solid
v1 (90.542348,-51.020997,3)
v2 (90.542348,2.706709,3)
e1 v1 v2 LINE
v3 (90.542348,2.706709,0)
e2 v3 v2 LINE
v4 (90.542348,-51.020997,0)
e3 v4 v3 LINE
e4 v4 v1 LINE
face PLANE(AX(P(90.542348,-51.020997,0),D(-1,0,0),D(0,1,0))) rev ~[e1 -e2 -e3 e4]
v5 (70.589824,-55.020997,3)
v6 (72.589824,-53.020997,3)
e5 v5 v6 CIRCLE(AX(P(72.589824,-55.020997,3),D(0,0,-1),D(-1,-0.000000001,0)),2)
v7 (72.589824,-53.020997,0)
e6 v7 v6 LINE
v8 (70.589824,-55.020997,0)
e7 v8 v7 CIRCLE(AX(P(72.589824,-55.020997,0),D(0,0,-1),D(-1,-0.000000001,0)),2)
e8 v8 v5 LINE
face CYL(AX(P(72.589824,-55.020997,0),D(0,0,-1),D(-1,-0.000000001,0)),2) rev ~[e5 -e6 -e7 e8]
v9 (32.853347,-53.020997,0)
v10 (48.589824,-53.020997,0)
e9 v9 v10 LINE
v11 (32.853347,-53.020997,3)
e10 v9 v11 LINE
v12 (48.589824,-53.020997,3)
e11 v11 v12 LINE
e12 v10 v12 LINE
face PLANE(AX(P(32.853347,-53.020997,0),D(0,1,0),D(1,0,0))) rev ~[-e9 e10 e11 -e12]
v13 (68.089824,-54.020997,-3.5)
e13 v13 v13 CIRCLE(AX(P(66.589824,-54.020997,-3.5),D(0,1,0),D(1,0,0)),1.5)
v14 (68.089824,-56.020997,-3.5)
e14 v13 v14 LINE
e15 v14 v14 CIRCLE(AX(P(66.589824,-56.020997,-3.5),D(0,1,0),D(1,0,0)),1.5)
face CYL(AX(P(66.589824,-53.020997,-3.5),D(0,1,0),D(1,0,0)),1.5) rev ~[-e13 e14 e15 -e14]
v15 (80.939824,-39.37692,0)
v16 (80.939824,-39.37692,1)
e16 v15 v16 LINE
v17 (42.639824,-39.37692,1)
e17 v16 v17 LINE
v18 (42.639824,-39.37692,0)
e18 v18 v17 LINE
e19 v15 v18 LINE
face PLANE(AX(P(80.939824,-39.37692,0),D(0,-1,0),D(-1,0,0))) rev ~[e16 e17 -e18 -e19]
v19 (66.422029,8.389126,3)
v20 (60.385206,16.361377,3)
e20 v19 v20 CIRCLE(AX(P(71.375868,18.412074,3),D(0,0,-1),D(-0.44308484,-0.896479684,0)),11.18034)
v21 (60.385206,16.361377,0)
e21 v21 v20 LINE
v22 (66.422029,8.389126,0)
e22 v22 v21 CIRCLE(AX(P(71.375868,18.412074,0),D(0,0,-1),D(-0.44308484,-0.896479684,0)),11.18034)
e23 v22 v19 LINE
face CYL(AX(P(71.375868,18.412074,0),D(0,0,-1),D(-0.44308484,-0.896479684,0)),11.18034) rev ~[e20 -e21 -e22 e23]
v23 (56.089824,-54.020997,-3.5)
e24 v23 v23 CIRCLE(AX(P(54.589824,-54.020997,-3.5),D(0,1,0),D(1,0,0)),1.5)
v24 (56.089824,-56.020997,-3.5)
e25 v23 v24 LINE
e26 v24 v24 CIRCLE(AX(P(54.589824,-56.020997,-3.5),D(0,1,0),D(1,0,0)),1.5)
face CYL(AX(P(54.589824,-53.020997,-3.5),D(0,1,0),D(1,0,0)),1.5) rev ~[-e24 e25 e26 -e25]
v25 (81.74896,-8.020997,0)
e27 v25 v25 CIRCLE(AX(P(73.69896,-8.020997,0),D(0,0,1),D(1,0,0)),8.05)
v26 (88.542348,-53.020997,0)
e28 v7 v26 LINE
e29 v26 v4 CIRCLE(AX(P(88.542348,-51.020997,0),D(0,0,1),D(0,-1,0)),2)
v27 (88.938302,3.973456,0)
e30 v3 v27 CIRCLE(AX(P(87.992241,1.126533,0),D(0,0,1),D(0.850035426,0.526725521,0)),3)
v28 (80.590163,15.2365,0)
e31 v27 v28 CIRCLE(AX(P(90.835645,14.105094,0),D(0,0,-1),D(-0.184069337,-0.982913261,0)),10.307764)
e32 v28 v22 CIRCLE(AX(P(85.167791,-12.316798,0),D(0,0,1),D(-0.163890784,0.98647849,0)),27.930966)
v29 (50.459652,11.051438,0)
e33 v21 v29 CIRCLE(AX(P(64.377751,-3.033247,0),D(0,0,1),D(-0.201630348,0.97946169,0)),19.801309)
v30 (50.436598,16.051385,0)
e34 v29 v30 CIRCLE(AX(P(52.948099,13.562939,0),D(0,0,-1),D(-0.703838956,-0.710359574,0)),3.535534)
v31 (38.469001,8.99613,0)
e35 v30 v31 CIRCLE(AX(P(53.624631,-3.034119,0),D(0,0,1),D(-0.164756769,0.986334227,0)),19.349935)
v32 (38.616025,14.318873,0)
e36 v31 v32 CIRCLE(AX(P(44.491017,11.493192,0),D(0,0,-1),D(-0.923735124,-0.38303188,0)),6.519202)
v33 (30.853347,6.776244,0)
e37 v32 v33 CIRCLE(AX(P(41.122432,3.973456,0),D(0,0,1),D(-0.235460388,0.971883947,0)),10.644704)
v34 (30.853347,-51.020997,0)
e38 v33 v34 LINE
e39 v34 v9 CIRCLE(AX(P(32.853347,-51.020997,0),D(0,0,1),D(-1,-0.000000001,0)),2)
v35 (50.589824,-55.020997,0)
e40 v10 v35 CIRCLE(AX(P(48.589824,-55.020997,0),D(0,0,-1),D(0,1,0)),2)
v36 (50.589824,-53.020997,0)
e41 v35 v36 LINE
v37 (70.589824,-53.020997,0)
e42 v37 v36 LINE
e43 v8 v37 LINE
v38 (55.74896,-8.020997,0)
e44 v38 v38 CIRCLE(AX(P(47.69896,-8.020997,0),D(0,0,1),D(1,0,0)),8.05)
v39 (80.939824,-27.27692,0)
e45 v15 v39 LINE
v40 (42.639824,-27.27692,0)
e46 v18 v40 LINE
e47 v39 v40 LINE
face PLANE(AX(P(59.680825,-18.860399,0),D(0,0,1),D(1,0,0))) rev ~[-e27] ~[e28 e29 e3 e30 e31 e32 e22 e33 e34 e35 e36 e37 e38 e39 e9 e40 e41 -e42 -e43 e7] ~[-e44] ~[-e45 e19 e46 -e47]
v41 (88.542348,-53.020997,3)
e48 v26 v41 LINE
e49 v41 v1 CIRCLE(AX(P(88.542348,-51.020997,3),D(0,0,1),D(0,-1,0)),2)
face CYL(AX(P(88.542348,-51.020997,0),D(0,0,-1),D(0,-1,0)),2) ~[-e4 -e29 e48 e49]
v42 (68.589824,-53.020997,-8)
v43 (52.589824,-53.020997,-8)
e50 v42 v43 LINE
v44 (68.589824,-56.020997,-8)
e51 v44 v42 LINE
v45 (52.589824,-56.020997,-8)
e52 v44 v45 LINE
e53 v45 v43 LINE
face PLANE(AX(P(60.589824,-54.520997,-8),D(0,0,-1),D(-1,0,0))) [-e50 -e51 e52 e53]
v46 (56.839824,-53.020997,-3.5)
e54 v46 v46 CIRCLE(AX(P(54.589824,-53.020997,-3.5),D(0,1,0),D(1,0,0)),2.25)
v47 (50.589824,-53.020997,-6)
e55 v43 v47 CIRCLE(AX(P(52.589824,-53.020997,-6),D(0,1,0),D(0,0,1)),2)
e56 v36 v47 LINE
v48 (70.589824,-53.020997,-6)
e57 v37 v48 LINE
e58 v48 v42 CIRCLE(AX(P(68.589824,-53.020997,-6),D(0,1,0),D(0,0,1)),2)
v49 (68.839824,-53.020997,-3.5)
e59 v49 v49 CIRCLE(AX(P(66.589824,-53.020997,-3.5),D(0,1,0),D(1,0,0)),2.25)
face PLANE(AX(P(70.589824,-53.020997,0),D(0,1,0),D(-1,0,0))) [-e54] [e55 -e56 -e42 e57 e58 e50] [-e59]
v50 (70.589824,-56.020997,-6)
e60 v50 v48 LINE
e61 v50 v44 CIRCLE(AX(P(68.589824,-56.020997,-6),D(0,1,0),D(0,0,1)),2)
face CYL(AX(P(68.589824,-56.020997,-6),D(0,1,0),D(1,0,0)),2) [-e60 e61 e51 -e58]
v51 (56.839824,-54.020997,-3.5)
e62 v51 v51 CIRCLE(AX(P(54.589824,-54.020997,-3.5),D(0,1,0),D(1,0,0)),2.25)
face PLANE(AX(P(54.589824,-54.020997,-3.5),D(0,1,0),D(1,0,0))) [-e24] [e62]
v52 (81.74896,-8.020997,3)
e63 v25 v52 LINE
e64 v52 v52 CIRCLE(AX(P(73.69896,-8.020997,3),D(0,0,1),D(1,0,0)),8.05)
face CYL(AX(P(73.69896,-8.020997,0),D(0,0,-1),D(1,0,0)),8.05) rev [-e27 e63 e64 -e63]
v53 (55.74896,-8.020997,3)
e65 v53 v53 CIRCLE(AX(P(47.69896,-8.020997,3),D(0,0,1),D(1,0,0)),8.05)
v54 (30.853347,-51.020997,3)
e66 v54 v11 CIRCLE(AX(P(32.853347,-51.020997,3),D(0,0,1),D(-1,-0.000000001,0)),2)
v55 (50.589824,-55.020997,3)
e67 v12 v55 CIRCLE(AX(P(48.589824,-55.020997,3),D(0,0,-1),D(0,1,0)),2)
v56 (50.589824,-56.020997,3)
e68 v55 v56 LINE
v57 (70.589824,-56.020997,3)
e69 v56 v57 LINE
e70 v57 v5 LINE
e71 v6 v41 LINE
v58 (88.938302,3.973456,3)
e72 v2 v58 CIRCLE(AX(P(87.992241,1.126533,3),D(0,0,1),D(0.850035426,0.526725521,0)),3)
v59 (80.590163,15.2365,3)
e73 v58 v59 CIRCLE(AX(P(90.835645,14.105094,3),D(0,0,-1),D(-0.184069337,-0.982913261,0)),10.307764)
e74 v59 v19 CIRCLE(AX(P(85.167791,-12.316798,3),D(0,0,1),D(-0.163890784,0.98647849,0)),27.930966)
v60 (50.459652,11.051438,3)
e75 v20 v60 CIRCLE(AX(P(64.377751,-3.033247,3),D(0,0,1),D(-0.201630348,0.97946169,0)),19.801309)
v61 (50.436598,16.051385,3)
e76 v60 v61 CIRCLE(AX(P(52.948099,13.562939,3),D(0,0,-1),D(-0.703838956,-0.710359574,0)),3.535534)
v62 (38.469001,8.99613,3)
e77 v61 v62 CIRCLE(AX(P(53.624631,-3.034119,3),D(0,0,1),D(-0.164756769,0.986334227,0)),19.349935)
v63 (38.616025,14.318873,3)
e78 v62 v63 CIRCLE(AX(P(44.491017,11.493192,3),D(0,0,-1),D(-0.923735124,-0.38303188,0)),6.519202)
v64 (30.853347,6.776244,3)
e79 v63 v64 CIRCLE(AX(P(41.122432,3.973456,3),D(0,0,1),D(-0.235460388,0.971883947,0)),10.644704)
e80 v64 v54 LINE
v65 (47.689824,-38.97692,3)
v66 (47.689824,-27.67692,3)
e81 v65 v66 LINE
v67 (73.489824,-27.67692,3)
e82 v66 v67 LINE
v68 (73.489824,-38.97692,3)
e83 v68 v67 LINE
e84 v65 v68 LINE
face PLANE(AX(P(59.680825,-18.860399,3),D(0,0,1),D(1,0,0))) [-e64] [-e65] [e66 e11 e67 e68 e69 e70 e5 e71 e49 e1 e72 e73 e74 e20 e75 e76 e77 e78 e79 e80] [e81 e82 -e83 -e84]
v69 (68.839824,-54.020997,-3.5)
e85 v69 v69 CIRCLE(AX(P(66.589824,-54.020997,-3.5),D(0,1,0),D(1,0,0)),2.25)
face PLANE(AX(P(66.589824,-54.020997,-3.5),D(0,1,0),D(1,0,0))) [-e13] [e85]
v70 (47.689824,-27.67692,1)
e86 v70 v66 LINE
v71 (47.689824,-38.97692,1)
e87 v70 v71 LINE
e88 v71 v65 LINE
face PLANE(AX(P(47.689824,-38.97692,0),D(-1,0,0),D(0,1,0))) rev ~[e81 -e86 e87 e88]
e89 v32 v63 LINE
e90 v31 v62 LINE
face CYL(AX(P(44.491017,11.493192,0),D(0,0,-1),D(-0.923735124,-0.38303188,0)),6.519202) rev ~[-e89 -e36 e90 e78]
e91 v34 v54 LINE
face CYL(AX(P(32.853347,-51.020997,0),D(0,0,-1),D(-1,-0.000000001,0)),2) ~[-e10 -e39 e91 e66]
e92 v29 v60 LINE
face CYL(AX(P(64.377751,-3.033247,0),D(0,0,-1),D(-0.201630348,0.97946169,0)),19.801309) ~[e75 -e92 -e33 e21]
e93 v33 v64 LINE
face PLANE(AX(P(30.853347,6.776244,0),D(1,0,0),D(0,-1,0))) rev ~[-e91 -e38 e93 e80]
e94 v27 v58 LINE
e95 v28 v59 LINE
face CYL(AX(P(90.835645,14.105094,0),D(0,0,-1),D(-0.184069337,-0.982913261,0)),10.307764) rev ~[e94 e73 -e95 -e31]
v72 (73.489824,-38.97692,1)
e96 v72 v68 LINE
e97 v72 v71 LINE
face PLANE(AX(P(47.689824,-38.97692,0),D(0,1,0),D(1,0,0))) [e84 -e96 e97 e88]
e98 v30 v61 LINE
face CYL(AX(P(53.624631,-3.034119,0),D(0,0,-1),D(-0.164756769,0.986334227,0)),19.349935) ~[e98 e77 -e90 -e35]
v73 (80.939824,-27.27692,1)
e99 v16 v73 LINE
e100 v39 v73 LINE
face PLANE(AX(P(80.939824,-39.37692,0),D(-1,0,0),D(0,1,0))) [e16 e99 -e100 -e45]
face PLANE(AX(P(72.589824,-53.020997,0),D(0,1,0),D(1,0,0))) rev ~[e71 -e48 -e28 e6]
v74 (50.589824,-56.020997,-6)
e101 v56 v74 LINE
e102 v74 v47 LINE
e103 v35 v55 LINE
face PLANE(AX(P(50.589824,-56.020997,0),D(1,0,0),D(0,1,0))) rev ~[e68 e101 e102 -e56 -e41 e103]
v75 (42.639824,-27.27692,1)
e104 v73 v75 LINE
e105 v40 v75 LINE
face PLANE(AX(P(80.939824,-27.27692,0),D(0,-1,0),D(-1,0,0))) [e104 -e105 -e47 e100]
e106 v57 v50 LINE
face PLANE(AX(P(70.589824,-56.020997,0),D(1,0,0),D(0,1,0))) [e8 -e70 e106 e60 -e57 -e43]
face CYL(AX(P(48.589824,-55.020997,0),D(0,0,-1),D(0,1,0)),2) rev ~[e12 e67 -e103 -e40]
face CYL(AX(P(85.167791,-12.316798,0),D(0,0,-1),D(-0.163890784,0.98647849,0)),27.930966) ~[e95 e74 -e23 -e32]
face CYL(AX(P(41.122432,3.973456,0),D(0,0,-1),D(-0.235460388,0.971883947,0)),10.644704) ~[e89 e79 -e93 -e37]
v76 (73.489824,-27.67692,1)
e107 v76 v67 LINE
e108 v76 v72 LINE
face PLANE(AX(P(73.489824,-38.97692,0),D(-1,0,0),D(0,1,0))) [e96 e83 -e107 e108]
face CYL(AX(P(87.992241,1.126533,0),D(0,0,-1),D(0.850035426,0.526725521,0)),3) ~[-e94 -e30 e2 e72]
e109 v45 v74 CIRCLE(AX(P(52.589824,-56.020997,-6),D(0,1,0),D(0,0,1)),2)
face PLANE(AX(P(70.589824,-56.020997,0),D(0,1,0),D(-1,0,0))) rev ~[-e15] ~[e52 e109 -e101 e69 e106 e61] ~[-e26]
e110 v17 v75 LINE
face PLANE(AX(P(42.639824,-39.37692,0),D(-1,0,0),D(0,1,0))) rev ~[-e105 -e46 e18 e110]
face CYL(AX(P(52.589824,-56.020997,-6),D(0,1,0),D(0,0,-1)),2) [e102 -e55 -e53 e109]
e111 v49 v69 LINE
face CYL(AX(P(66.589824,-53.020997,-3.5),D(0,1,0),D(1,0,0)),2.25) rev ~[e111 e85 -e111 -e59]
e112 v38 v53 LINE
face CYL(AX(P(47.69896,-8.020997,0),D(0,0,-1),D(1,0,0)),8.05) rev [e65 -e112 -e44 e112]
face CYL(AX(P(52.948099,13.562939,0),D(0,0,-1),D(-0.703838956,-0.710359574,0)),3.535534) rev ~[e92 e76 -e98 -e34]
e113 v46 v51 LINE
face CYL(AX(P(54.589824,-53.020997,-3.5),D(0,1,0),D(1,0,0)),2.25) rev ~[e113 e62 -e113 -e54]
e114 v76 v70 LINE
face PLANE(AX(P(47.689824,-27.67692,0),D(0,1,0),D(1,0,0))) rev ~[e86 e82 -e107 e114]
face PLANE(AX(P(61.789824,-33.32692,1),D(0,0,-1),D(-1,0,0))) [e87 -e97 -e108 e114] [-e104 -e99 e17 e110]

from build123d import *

# Parameters (mm, degrees)
MODEL_R                 = 8.05
MODEL_W                 = 25.8
MODEL_H                 = 11.3
SALIENTE_EXTRUIR1_DEPTH = 3
CROQUIS2_W              = 20
CROQUIS2_H              = 3
SALIENTE_EXTRUIR2_DEPTH = 8
CROQUIS3_R              = 1.5
CORTAR_EXTRUIR1_DEPTH   = 3
CROQUIS4_R              = 2.25
CORTAR_EXTRUIR2_DEPTH   = 1
REDONDEO1_R             = 2
CROQUIS5_W              = 38.3
CROQUIS5_H              = 12.1
CORTAR_EXTRUIR3_DEPTH   = 1


with BuildPart() as part:
    # Model → Saliente-Extruir1 (new body)
    with BuildSketch(Plane.XY):
        with BuildLine():
            Line((50.589823504, -56.020997464), (70.589823504, -56.020997464))
            Line((70.589823504, -56.020997464), (70.589823504, -55.020997464))
            ThreePointArc((70.589823504, -55.020997464), (71.175609941, -53.606783901), (72.589823504, -53.020997464))
            Line((72.589823504, -53.020997464), (88.542347513, -53.020997464))
            ThreePointArc((88.542347513, -53.020997464), (89.956561076, -52.435211026), (90.542347513, -51.020997464))
            Line((90.542347513, -51.020997464), (90.542347513, 2.706709465))
            ThreePointArc((90.542347513, 2.706709465), (89.85153081, 3.480899542), (88.938302171, 3.973455574))
            ThreePointArc((88.938302171, 3.973455574), (82.554576883, 7.967186508), (80.590162534, 15.236499516))
            ThreePointArc((80.590162534, 15.236499516), (73.013912202, 12.831206377), (66.42202871, 8.389126209))
            ThreePointArc((66.42202871, 8.389126209), (62.462620999, 11.66270114), (60.385206297, 16.361376528))
            ThreePointArc((60.385206297, 16.361376528), (55.037159481, 14.426569266), (50.459652092, 11.051438157))
            ThreePointArc((50.459652092, 11.051438157), (49.412602259, 13.546636971), (50.436598222, 16.051385009))
            ThreePointArc((50.436598222, 16.051385009), (43.797798117, 13.634815248), (38.469001196, 8.99613013))
            ThreePointArc((38.469001196, 8.99613013), (37.974300587, 11.673196605), (38.616025483, 14.318872844))
            ThreePointArc((38.616025483, 14.318872844), (33.704473328, 11.607826814), (30.85334667, 6.776244059))
            Line((30.85334667, 6.776244059), (30.85334667, -51.020997464))
            ThreePointArc((30.85334667, -51.020997464), (31.439133108, -52.435211026), (32.85334667, -53.020997464))
            Line((32.85334667, -53.020997464), (48.589823504, -53.020997464))
            ThreePointArc((48.589823504, -53.020997464), (50.004037066, -53.606783901), (50.589823504, -55.020997464))
            Line((50.589823504, -55.020997464), (50.589823504, -56.020997464))
        make_face()
        with Locations((47.698959583, -8.020997464)):
            Circle(MODEL_R, mode=Mode.SUBTRACT)
        with Locations((73.698959582, -8.020997464)):
            Circle(MODEL_R, mode=Mode.SUBTRACT)
        with Locations((60.589823504, -33.326919867)):
            Rectangle(MODEL_W, MODEL_H, mode=Mode.SUBTRACT)
    extrude(amount=SALIENTE_EXTRUIR1_DEPTH)

    # Croquis2 → Saliente-Extruir2 (add)
    with BuildSketch(Plane(origin=(0, 0, 0), x_dir=(-1, 0, 0), z_dir=(0, 0, -1))):
        with Locations((-60.589823504, -54.520997464)):
            Rectangle(CROQUIS2_W, CROQUIS2_H)
    extrude(amount=SALIENTE_EXTRUIR2_DEPTH)

    # Croquis3 → Cortar-Extruir1 (cut)
    with BuildSketch(Plane(origin=(0, -53.020997464, 0), x_dir=(1, 0, 0), z_dir=(0, 1, 0))):
        with Locations((66.589823504, 3.5)):
            Circle(CROQUIS3_R)
        with Locations((54.589823504, 3.5)):
            Circle(CROQUIS3_R)
    extrude(amount=-CORTAR_EXTRUIR1_DEPTH, mode=Mode.SUBTRACT)

    # Croquis4 → Cortar-Extruir2 (cut)
    with BuildSketch(Plane(origin=(0, -53.020997464, 0), x_dir=(1, 0, 0), z_dir=(0, 1, 0))):
        with Locations((66.589823504, 3.5)):
            Circle(CROQUIS4_R)
        with Locations((54.589823504, 3.5)):
            Circle(CROQUIS4_R)
    extrude(amount=-CORTAR_EXTRUIR2_DEPTH, mode=Mode.SUBTRACT)

    # Redondeo1
    redondeo1_edges = [part.edges().sort_by_distance(p)[0] for p in [
        (50.589823504, -54.520997464, -8),
        (70.589823504, -54.520997464, -8),
    ]]
    fillet(redondeo1_edges, radius=REDONDEO1_R)

    # Croquis5 → Cortar-Extruir3 (cut)
    with BuildSketch(Plane(origin=(0, 0, 0), x_dir=(-1, 0, 0), z_dir=(0, 0, -1))):
        with Locations((-61.789823504, -33.326919867)):
            Rectangle(CROQUIS5_W, CROQUIS5_H)
    extrude(amount=-CORTAR_EXTRUIR3_DEPTH, mode=Mode.SUBTRACT)


solid = part.part
